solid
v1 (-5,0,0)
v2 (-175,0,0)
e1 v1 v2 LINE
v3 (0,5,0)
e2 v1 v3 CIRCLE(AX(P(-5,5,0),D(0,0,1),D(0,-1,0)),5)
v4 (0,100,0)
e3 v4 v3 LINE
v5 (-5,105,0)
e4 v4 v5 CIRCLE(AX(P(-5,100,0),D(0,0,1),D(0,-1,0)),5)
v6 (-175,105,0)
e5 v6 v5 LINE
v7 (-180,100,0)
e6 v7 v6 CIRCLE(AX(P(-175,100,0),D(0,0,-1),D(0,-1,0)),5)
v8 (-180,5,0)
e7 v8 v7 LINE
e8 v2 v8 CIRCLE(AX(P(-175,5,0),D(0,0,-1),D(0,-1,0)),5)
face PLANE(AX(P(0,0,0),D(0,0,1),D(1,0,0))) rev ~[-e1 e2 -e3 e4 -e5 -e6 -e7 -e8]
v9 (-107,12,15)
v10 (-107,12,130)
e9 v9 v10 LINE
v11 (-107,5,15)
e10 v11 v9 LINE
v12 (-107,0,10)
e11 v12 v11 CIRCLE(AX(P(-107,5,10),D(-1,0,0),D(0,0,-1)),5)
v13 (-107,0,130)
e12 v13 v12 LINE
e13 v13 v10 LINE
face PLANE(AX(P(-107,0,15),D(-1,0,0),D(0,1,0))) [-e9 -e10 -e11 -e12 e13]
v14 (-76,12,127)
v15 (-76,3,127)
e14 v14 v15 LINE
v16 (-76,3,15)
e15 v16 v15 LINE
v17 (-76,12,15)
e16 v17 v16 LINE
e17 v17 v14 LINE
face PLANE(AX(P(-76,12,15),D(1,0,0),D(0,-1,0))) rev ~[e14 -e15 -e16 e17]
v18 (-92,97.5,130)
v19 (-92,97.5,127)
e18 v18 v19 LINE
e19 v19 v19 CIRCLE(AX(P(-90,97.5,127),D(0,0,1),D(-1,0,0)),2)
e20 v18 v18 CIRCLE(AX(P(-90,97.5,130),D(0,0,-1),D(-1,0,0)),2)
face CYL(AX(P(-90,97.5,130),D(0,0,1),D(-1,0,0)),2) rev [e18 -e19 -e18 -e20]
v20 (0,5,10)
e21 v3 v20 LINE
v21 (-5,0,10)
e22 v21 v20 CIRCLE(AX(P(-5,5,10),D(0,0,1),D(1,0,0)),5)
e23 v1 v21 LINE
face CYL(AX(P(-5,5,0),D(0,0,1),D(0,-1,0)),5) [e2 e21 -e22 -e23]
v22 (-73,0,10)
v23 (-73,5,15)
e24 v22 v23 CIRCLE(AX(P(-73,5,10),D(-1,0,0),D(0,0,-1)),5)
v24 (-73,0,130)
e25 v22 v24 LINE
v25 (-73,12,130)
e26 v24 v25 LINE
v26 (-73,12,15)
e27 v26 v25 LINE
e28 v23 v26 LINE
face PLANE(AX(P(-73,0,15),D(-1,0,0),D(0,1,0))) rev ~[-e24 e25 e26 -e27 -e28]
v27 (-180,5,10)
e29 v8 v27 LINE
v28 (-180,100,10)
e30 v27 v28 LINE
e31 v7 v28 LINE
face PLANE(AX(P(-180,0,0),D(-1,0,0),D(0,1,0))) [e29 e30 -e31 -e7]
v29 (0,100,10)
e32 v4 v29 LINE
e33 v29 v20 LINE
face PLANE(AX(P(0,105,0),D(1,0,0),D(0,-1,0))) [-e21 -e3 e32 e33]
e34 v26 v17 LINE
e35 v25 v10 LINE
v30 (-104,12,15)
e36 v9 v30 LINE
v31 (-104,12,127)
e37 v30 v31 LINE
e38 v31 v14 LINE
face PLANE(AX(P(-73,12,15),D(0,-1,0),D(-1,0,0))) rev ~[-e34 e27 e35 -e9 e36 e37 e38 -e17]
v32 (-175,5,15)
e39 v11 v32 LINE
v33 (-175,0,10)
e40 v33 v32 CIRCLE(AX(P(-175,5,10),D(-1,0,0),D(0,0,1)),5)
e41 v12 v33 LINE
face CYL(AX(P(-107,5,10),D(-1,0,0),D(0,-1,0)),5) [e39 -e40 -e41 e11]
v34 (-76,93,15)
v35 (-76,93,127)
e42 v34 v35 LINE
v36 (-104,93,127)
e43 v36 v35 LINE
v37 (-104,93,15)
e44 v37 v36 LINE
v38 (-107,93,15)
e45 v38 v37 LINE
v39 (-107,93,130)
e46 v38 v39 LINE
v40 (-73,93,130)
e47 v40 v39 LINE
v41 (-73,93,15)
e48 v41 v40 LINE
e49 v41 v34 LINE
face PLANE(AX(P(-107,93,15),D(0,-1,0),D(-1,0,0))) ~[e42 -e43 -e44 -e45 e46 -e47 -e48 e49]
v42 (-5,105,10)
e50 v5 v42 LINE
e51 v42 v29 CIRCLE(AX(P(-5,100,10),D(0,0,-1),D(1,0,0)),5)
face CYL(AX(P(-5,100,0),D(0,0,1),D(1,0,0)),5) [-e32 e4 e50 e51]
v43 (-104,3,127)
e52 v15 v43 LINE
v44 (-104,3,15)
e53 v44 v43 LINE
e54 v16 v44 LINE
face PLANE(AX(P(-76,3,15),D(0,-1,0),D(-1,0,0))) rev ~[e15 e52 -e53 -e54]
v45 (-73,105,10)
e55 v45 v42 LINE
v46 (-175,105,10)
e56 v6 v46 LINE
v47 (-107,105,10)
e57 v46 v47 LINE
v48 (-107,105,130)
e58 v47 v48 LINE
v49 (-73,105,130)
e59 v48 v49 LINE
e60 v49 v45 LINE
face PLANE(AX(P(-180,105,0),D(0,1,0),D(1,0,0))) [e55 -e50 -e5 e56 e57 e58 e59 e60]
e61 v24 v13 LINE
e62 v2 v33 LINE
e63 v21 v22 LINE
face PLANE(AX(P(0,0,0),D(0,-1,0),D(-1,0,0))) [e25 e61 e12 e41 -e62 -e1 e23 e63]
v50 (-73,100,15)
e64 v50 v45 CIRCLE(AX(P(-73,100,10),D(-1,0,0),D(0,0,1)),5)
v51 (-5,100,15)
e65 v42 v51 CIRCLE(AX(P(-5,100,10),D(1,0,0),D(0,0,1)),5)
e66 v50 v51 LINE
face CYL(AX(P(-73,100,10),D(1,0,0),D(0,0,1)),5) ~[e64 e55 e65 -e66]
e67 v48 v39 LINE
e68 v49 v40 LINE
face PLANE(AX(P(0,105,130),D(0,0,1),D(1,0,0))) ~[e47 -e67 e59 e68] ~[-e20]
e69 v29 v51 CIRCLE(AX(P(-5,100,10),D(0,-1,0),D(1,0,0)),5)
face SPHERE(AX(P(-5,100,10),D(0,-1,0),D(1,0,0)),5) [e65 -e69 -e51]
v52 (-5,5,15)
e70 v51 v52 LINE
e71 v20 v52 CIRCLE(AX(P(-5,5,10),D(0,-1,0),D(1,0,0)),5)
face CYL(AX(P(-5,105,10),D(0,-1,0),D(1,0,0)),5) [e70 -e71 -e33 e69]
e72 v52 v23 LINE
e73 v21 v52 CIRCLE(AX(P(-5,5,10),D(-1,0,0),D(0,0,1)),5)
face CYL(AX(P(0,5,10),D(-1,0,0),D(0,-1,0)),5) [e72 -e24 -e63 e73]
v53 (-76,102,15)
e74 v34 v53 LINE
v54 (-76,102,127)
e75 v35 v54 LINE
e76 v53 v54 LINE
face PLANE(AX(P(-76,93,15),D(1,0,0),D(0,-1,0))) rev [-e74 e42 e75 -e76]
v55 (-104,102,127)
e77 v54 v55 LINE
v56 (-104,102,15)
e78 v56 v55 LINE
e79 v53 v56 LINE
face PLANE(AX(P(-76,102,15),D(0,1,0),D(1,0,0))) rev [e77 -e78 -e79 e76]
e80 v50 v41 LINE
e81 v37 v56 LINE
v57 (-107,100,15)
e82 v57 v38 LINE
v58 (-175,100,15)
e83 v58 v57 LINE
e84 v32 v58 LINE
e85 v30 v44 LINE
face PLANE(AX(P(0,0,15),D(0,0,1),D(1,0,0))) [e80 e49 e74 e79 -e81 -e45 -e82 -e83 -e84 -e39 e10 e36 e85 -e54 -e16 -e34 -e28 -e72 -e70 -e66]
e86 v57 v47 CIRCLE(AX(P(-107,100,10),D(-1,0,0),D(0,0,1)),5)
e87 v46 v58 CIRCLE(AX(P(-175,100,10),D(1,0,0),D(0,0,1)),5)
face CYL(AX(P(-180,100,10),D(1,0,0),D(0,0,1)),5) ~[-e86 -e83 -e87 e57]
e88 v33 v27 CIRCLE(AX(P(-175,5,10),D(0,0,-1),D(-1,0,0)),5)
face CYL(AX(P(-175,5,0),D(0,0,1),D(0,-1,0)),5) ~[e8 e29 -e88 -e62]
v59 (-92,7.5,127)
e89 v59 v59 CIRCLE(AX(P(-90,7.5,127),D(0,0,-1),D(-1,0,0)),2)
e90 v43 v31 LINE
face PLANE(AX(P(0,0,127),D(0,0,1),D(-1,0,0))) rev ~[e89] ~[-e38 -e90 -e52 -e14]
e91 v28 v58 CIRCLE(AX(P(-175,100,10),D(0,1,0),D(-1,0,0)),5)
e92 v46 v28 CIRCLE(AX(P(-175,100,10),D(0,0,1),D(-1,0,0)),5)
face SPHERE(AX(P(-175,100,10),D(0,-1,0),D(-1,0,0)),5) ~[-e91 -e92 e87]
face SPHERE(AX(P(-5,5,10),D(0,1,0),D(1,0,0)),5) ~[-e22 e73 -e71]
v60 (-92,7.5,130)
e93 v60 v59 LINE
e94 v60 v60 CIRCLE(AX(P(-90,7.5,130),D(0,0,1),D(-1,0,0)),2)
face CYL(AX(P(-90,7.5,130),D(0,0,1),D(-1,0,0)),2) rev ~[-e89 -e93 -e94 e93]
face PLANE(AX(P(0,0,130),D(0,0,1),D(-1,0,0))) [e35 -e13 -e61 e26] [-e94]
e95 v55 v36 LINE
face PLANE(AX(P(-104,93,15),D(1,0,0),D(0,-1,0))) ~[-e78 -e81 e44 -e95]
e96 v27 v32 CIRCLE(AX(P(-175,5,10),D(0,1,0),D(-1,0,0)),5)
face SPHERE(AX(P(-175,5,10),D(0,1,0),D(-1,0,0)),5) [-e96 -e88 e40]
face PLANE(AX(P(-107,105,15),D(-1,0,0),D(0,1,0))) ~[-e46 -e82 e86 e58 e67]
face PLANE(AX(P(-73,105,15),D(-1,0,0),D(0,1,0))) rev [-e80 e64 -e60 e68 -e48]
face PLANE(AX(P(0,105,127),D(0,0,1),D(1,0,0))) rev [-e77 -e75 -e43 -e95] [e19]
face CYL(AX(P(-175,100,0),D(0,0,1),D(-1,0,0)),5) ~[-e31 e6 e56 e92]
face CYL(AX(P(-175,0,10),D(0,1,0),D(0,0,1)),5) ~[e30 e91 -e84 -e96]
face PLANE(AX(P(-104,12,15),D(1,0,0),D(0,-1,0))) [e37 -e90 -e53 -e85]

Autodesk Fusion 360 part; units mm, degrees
sketch "Sketch1" plane through (0, 0, 0) normal (0, 0, 1) x (1, 0, 0)
  line L0 (0, 0) -> (-180, 0)
  line L1 (-180, 0) -> (-180, 105)
  line L2 (-180, 105) -> (0, 105)
  line L3 (0, 105) -> (0, 0)
  dimension "d1" = 180
  dimension "d2" = 105
extrude "Extrude1" add sketch "Sketch1" along normal blind 15
sketch "Sketch2" plane through (0, 0, 15) normal (0, 0, 1) x (-1, 0, 0)
  line L0 (0, -105) -> (180, -105)
  line L1 (180, -105) -> (180, 0)
  line L2 (180, 0) -> (0, 0)
  line L3 (0, 0) -> (0, -105)
  line L4 (90, 0) -> (73, 0)
  line L5 (90, 0) -> (107, 0)
  line L6 (107, 0) -> (107, -12)
  line L7 (107, -12) -> (104, -12)
  line L8 (104, -12) -> (104, -3)
  line L9 (73, 0) -> (73, -12)
  line L10 (73, -12) -> (76, -12)
  line L11 (76, -12) -> (76, -3)
  line L12 (76, -3) -> (104, -3)
  dimension "d6" = 17
  dimension "d7" = 17
  dimension "d14" = 3
  dimension "d15" = 9
  dimension "d26" = 12
  dimension "d27" = 3
extrude "Extrude3" add sketch "Sketch2" along normal blind 115 contours L2 L4 L5 L6 L7 L8 L9 L10 L11 L12
sketch "Sketch4" plane through (0, 0, 130) normal (0, 0, 1) x (-1, 0, 0)
  line L0 (107, 0) -> (73, 0)
  line L1 (104, -3) -> (104, -12)
  line L2 (104, -12) -> (107, -12)
  line L3 (107, -12) -> (107, 0)
  line L4 (73, -12) -> (76, -12)
  line L5 (76, -12) -> (76, -3)
  line L6 (73, 0) -> (73, -12)
  line L7 (76, -3) -> (104, -3)
sketch "Sketch5" plane through (0, 0, 130) normal (0, 0, 1) x (-1, 0, 0)
  line L0 (76, -3) -> (104, -3)
  line L1 (104, -3) -> (104, -12)
  line L2 (104, -12) -> (76, -12)
  line L3 (76, -12) -> (76, -3)
  line L4 (76, -3) -> (104, -12)
  line L5 (76, -12) -> (104, -3)
  circle A0 centre (90, -7.5) radius 2
  dimension "d28" = 4
extrude "Extrude4" add sketch "Sketch5" against normal blind 3 contours L3 L4 L5 A0 | L0 L4 L5 A0 | L1 L4 L5 A0 | L2 L4 L5 A0
mirror "Mirror2" about plane through (-90, 52.5, 65) normal (0, -1, 0) of "Extrude3", "Extrude4"
ref_plane "WorkPlane3" through (-90, 52.5, 65) normal (0, 1, 0) x (-1, 0, 0)
fillet "Fillet2" radius 5 10 edges at (0, 52.5, 15) (0, 0, 7.5) (0, 105, 7.5) (-180, 52.5, 15) (-180, 105, 7.5) (-180, 0, 7.5) (-143.5, 0, 15) (-143.5, 105, 15) (-36.5, 0, 15) (-36.5, 105, 15)
